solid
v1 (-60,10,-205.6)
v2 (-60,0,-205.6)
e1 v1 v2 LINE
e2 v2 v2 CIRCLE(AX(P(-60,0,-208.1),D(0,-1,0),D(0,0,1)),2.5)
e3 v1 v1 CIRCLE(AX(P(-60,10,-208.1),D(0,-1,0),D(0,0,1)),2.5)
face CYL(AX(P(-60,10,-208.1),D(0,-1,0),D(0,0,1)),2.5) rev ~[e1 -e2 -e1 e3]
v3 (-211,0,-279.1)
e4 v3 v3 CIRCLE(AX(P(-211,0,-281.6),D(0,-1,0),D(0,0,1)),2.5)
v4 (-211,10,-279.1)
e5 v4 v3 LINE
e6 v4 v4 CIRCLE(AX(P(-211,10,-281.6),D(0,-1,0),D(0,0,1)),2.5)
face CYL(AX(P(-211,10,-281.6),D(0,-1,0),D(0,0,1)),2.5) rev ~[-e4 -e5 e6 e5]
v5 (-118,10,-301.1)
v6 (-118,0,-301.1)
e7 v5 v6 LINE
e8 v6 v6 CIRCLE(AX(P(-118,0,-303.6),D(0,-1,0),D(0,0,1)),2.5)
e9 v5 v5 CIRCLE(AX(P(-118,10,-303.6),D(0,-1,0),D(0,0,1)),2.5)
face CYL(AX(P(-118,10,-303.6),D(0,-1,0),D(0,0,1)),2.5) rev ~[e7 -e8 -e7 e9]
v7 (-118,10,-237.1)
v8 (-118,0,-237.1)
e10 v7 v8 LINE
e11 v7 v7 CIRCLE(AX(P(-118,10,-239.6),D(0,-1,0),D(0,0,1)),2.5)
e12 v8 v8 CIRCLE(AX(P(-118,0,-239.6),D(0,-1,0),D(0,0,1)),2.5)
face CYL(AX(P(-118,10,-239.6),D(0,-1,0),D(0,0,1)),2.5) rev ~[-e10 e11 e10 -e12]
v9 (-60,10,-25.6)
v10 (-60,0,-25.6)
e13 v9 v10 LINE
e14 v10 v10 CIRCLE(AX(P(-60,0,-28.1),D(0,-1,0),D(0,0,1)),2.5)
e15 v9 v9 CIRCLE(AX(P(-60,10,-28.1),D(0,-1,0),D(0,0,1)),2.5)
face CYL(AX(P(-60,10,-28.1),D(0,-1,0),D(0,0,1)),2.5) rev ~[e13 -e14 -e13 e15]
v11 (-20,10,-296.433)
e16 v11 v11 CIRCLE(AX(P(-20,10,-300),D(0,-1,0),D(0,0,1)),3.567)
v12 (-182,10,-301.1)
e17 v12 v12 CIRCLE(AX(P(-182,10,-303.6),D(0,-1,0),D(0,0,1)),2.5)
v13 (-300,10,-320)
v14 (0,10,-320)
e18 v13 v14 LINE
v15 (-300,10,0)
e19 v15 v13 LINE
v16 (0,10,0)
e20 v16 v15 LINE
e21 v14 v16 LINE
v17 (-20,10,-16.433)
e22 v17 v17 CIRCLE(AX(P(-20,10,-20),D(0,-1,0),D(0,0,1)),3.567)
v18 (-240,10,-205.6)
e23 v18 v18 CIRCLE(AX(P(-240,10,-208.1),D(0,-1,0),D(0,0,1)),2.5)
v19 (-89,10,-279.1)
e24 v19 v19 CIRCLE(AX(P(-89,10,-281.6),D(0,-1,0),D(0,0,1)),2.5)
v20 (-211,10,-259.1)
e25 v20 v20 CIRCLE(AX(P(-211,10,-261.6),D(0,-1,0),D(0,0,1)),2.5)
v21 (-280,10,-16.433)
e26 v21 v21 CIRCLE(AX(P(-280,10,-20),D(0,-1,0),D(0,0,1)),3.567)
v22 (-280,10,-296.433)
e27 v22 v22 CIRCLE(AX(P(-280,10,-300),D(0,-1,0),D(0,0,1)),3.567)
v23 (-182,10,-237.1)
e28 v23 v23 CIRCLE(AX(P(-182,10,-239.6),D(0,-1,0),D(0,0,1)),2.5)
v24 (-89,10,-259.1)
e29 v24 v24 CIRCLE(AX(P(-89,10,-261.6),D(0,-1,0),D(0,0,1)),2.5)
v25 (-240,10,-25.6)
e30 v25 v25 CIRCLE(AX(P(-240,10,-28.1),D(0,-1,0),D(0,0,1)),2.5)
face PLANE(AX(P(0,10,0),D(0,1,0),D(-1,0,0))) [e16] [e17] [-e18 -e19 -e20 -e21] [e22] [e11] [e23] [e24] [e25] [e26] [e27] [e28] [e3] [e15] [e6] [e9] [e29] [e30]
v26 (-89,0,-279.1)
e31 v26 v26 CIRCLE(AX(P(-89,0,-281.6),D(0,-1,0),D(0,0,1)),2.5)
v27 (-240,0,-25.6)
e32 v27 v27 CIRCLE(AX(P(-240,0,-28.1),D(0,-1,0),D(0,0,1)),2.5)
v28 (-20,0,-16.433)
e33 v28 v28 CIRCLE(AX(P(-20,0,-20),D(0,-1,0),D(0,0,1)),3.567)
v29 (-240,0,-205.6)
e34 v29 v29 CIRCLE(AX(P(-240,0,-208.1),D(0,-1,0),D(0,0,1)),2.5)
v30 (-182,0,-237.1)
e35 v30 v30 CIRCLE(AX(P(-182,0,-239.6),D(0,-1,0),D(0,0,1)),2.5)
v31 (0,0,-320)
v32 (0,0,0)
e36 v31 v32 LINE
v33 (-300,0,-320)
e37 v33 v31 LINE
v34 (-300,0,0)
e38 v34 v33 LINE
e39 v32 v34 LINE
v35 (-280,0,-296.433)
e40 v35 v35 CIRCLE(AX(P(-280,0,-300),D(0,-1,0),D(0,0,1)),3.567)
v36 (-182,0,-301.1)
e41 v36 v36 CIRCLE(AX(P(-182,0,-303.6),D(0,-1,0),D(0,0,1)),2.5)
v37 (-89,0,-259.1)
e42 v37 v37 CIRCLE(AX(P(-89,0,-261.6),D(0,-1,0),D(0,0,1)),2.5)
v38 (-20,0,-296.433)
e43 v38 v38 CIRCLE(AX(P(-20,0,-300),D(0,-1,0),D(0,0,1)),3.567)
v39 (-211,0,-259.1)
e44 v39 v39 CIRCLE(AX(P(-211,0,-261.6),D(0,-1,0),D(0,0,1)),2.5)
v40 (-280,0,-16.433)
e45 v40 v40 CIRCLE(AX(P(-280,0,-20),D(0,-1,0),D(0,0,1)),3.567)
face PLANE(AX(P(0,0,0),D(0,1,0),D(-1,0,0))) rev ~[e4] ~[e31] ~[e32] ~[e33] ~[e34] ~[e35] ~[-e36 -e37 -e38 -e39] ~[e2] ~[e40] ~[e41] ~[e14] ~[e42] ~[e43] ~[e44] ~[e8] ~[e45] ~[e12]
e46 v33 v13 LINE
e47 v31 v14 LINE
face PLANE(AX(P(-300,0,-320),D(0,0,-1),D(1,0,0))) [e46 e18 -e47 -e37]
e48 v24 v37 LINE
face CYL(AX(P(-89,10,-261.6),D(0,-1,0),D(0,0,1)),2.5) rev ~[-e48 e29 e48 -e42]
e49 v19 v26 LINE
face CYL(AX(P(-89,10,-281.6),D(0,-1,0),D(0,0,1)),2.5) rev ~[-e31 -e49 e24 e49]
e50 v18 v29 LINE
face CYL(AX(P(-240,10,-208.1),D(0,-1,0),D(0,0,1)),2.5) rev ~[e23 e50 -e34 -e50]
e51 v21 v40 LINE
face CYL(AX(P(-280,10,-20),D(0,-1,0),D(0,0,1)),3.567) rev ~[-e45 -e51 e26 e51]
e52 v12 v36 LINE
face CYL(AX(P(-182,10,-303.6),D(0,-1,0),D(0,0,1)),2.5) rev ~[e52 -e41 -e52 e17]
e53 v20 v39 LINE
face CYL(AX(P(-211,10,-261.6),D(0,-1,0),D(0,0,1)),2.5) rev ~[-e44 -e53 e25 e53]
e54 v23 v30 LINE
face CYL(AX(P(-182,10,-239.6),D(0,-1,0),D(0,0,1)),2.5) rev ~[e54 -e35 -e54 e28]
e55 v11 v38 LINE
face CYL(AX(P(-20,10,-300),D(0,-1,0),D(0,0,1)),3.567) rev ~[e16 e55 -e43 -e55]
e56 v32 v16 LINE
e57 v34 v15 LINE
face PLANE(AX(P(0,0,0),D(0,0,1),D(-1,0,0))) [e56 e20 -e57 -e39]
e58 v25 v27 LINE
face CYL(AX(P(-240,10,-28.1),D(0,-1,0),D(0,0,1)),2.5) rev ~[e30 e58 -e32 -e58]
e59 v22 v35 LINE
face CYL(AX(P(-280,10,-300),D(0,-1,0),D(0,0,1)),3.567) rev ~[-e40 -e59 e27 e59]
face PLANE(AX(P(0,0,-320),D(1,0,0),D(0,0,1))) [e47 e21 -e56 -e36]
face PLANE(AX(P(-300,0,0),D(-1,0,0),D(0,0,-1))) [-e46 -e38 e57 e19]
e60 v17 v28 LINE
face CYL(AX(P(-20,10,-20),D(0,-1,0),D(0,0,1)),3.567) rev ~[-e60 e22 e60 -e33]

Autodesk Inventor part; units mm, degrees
ref_plane "YZ Plane" through (0, 0, 0) normal (1, 0, 0) x (0, 1, 0)
ref_plane "XZ Plane" through (0, 0, 0) normal (0, 1, 0) x (-1, 0, 0)
ref_plane "XY Plane" through (0, 0, 0) normal (0, 0, 1) x (1, 0, 0)
sketch "Esboço1" plane through (0, 0, 0) normal (0, 1, 0) x (-1, 0, 0)
  line L0 (0, 0) -> (300, 0)
  line L1 (300, 0) -> (300, -320)
  line L2 (300, -320) -> (0, -320)
  line L3 (0, -320) -> (0, 0)
  dimension "d0" = 300
  dimension "d1" = 320
extrude "Extrusão1" add sketch "Esboço1" along normal blind 10
sketch "Sketch2" plane through (0, 10, 0) normal (0, 1, 0) x (1, 0, 0)
  line L0 (-300, 320) -> (-300, 0)
  line L1 (-300, 0) -> (0, 0)
  line L2 (0, 320) -> (-300, 320)
  line L3 (0, 0) -> (0, 320)
  point P0 (-182, 239.6)
  point P1 (-182, 303.6)
  point P2 (-118, 239.6)
  point P3 (-118, 303.6)
  point P4 (-211, 281.6)
  point P5 (-89, 281.6)
  point P6 (-211, 261.6)
  point P7 (-89, 261.6)
  point P8 (-240, 28.1)
  point P9 (-240, 208.1)
  point P10 (-60, 28.1)
  point P11 (-60, 208.1)
  dimension "d16" = 64
  dimension "d17" = 64
  dimension "d18" = 300
  dimension "d19" = 320
  dimension "d20" = 16.4
  dimension "d21" = 118
  dimension "d22" = 122
  dimension "d23" = 20
  dimension "d24" = 38.4
  dimension "d25" = 89
  dimension "d26" = 180
  dimension "d27" = 180
  dimension "d28" = 60
  dimension "d29" = 28.1
hole "Hole1" at (-60, 10, -208.1) at (-60, 10, -28.1) at (-240, 10, -208.1) at (-240, 10, -28.1) at (-89, 10, -261.6) at (-211, 10, -261.6) at (-89, 10, -281.6) at (-211, 10, -281.6) at (-118, 10, -303.6) at (-118, 10, -239.6) at (-182, 10, -303.6) at (-182, 10, -239.6) direction (0, -1, 0) diameter 5 end through all
sketch "Sketch3" plane through (0, 10, 0) normal (0, 1, 0) x (1, 0, 0)
  line L0 (-300, 320) -> (-300, 0)
  line L1 (-300, 0) -> (0, 0)
  point P0 (-280, 20)
  point P1 (-280, 300)
  point P2 (-20, 20)
  point P3 (-20, 300)
  dimension "d41" = 280
  dimension "d42" = 260
  dimension "d43" = 320
  dimension "d44" = 300
  dimension "d45" = 20
  dimension "d46" = 20
hole "Hole2" at (-20, 10, -300) at (-20, 10, -20) at (-280, 10, -300) at (-280, 10, -20) direction (0, -1, 0) diameter 7.134 end through all thread size "M8x0.8" class "6H" standard "ISO Metric profile"
equation "\"d21\" = -0.5 * d17 + 0.5 * d18"
equation "\"d25\" = 0.5 * d18 - 0.5 * d22"
equation "\"d28\" = 0.5 * d18 - 0.5 * d27"
equation "\"d35\" = Espessura"
equation "\"d45\" = 0.5 * d43 - 0.5 * d41"
equation "\"d46\" = 0.5 * d44 - 0.5 * d42"
equation "\"Raio_vergadura\" = Espessura"
equation "\"Largura_alívio_de_vergadura\" = Espessura"
equation "\"Profundidade_alívio_de_vergadura\" = 0.5 * Espessura"
equation "\"Tamanho_alívio_de_dobra\" = 4 * Espessura"
equation "\"Remanescente_mínimo\" = 2 * Espessura"
equation "\"Raiodetransição\" = Raio_vergadura"
equation "\"Tamanho_de_raio_de_Jacobi\" = Raio_vergadura"
equation "\"TamanhoFolga\" = Espessura"
equation "\"Espessura\" = 0.5"
properties part number "Base madeira" material "Wood (Oak)"
